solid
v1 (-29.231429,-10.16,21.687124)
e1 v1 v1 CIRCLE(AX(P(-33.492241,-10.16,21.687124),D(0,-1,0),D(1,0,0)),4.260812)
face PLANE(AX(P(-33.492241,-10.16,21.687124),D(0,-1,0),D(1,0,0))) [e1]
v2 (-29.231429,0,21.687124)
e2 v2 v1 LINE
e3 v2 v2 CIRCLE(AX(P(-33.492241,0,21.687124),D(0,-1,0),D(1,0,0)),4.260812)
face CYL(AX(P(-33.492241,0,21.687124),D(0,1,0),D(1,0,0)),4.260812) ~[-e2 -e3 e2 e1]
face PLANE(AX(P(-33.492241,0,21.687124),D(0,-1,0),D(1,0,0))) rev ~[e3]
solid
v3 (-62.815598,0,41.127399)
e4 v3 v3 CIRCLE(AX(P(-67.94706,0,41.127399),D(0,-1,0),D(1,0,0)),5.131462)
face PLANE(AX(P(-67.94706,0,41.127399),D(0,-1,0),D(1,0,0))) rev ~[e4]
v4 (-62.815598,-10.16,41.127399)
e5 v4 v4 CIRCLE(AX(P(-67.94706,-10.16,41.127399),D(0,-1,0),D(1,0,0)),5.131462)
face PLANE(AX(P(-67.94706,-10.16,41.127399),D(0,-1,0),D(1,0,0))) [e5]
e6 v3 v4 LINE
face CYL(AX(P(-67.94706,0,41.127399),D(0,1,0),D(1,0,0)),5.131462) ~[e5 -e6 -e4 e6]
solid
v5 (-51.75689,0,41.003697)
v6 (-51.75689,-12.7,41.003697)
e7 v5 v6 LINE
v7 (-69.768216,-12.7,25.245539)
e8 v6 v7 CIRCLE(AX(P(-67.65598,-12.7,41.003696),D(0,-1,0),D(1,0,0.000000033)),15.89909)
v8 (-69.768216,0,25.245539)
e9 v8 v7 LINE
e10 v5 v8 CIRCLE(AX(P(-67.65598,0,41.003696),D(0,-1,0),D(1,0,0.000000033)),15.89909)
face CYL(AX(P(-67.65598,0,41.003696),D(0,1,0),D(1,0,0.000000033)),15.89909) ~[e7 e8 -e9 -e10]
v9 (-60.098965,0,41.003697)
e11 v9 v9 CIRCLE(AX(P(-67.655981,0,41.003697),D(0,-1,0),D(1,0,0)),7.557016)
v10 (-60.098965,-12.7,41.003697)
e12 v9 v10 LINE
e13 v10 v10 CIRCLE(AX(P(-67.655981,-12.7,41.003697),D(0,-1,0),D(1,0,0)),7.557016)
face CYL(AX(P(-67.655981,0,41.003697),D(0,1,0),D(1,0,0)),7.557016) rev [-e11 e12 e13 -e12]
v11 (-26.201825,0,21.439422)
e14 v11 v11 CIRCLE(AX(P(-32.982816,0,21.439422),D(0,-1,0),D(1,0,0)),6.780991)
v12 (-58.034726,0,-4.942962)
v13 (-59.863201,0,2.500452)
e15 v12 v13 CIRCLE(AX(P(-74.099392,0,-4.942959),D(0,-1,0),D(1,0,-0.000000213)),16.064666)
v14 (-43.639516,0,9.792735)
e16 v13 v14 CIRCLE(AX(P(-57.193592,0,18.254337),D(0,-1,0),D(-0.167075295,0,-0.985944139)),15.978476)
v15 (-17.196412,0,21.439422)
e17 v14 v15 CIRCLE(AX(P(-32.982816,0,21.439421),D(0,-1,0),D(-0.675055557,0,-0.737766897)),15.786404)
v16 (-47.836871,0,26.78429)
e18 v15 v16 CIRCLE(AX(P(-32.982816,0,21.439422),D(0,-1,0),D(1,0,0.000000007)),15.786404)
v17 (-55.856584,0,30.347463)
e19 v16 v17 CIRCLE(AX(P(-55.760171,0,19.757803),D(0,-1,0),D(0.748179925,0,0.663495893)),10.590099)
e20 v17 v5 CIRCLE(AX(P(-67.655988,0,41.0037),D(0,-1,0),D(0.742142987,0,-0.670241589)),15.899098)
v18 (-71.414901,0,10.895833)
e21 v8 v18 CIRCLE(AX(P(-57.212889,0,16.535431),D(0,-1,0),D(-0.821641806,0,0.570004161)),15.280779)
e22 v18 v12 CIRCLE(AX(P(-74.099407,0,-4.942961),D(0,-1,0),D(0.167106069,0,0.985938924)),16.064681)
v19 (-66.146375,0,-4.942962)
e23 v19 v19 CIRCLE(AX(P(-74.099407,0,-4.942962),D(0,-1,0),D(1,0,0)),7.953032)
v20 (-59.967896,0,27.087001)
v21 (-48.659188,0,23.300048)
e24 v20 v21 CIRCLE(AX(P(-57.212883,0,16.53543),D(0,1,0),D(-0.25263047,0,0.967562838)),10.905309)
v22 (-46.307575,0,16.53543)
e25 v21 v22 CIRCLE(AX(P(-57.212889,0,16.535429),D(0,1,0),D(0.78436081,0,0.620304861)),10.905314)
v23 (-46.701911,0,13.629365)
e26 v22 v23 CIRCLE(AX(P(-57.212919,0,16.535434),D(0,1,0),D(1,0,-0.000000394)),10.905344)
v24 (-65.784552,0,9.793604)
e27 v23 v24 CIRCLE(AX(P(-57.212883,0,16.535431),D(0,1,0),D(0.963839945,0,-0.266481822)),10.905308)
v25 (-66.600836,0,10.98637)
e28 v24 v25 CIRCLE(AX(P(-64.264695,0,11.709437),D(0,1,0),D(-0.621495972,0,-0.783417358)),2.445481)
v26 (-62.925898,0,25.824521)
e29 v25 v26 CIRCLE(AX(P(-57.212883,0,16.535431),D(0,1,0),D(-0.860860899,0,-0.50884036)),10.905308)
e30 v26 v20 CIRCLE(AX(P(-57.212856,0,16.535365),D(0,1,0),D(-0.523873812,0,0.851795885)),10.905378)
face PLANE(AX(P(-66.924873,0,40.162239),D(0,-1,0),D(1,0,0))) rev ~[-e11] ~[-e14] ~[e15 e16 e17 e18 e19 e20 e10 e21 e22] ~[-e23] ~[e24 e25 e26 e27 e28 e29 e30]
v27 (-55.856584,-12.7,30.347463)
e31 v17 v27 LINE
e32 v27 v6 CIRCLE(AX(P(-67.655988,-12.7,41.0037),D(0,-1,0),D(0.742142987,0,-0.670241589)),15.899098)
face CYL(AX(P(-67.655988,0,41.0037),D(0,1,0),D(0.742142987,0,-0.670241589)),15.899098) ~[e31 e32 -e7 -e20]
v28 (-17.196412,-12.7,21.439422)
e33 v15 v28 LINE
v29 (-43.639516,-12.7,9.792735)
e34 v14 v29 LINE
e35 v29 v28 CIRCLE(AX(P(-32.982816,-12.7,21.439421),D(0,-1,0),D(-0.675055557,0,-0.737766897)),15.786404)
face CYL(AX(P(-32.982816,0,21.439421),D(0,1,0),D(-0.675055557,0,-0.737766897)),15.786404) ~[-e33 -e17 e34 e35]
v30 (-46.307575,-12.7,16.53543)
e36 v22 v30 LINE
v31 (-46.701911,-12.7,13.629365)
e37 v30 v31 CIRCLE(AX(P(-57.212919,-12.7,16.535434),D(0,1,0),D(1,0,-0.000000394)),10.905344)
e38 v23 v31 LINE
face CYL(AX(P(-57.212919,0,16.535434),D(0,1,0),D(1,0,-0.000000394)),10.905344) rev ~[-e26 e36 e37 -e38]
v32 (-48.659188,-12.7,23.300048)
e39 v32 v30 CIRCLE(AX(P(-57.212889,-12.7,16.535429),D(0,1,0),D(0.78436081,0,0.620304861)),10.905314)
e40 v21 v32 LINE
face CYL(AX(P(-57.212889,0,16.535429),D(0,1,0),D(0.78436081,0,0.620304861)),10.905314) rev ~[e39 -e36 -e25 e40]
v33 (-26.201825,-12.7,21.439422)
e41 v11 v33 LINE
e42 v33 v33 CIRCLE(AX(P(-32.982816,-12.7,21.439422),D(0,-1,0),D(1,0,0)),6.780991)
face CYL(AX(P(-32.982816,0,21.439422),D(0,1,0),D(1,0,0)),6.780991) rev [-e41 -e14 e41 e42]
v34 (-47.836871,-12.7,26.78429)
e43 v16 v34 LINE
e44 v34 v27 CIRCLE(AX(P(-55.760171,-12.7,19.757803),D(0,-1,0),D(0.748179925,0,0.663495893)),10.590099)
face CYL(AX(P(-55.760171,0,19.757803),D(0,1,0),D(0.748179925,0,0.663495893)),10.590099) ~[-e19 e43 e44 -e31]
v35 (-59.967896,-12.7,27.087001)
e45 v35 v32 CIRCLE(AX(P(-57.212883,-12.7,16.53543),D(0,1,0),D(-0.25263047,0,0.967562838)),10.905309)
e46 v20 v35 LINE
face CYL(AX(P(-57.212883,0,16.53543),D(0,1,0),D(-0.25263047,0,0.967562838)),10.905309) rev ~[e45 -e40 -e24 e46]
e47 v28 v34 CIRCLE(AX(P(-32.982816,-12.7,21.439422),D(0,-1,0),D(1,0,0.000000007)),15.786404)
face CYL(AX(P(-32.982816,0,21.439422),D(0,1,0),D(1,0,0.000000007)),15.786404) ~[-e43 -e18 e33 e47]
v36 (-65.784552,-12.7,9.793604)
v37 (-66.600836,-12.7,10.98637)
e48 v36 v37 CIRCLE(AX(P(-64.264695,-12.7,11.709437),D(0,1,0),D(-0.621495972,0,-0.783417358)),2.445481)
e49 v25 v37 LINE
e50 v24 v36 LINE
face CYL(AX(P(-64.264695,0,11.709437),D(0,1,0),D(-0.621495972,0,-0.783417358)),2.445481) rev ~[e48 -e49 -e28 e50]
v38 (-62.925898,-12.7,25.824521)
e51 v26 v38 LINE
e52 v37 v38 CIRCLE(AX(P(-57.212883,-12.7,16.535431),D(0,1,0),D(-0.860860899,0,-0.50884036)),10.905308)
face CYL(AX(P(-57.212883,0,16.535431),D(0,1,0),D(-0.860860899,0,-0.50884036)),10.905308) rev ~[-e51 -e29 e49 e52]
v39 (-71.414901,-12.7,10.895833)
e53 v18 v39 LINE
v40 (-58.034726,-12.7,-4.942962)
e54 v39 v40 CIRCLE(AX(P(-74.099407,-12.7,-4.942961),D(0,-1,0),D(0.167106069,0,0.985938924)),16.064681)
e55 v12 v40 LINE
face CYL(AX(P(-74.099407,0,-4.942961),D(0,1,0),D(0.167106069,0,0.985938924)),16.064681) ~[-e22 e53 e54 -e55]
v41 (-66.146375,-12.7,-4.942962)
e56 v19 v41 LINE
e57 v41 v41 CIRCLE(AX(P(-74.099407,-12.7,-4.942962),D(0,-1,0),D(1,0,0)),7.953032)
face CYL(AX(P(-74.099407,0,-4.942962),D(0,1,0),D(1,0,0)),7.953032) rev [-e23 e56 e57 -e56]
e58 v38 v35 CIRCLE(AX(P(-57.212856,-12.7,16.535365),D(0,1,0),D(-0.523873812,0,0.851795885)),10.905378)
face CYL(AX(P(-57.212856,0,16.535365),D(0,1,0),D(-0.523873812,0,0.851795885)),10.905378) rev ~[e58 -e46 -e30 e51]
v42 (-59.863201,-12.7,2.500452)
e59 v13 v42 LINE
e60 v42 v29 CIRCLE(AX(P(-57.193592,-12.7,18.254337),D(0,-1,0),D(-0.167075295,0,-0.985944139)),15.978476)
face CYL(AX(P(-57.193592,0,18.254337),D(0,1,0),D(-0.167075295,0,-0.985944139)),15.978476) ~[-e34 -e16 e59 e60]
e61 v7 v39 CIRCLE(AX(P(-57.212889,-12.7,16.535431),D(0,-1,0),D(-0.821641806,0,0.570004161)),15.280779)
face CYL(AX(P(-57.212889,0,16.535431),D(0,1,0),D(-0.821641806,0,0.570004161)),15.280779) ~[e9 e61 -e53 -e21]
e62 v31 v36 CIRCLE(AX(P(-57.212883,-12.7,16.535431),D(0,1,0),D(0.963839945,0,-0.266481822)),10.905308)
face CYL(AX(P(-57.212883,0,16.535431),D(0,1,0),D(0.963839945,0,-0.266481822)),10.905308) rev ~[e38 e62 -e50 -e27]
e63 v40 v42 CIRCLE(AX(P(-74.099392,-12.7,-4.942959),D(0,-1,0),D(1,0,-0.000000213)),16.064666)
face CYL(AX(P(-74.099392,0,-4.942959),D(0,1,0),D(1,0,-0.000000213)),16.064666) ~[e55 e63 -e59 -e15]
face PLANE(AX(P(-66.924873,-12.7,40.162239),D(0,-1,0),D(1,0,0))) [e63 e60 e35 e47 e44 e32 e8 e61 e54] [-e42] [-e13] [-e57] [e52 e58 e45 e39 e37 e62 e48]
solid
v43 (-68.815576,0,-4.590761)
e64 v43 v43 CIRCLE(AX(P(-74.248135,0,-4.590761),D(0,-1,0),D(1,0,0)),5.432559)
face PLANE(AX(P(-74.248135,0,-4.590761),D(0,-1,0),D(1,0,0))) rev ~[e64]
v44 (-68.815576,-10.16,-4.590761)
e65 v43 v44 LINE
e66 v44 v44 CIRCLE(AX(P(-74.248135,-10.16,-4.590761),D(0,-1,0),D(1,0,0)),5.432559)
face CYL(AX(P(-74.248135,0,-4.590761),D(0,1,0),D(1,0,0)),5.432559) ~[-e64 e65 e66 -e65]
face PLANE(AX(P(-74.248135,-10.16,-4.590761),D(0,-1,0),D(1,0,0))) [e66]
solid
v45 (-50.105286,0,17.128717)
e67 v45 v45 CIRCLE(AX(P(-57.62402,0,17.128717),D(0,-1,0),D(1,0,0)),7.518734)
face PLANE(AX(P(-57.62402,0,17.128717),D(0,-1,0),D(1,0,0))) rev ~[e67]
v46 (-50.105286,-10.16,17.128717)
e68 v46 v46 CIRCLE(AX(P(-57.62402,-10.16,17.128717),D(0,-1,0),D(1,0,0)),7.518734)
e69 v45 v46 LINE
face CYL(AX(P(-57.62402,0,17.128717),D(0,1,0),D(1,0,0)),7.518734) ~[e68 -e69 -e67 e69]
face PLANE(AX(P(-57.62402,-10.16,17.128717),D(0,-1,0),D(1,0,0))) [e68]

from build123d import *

# Parameters (mm, degrees)
F0_R     = 7.557016
F0_R_2   = 7.953032
F0_R_3   = 6.780991
F1_DEPTH = 12.7
F2_R     = 7.518734
F3_DEPTH = 10.16
F2_R_2   = 4.260812
F2_R_3   = 5.131462
F2_R_4   = 5.432559
F4_DEPTH = 10.16


with BuildPart() as f1:
    # F0 (on Front) → F1 (new body)
    with BuildSketch(Plane.XZ):
        with BuildLine():
            ThreePointArc((-55.856584, 30.347463), (-52.817168, 35.29487), (-51.75689, 41.003697))
            ThreePointArc((-51.75689, 41.003697), (-78.124945, 52.969558), (-69.768216, 25.245539))
            ThreePointArc((-69.768216, 25.245539), (-66.315426, 25.161223), (-62.925898, 25.824521))
            ThreePointArc((-62.925898, 25.824521), (-61.493693, 26.565405), (-59.967896, 27.087001))
            ThreePointArc((-59.967896, 27.087001), (-57.776804, 28.546452), (-55.856584, 30.347463))
        make_face()
        with Locations((-67.655981, 41.003697)):
            Circle(F0_R, mode=Mode.SUBTRACT)
        with BuildLine():
            ThreePointArc((-62.925898, 25.824521), (-66.315426, 25.161223), (-69.768216, 25.245539))
            ThreePointArc((-69.768216, 25.245539), (-72.394039, 18.277527), (-71.414901, 10.895833))
            ThreePointArc((-71.414901, 10.895833), (-64.654926, 8.052259), (-59.863201, 2.500452))
            ThreePointArc((-59.863201, 2.500452), (-50.642847, 3.680407), (-43.639516, 9.792735))
            ThreePointArc((-43.639516, 9.792735), (-45.320757, 11.591286), (-46.701911, 13.629365))
            ThreePointArc((-46.701911, 13.629365), (-55.063816, 5.843974), (-65.784552, 9.793604))
            ThreePointArc((-65.784552, 9.793604), (-66.282826, 10.328304), (-66.600836, 10.98637))
            ThreePointArc((-66.600836, 10.98637), (-67.798368, 19.157118), (-62.925898, 25.824521))
        make_face()
        with BuildLine():
            ThreePointArc((-47.836871, 26.78429), (-51.460277, 29.43567), (-55.856584, 30.347463))
            ThreePointArc((-55.856584, 30.347463), (-57.776804, 28.546452), (-59.967896, 27.087001))
            ThreePointArc((-59.967896, 27.087001), (-53.750018, 26.876335), (-48.659188, 23.300048))
            ThreePointArc((-48.659188, 23.300048), (-48.347117, 25.065554), (-47.836871, 26.78429))
        make_face()
        with BuildLine():
            ThreePointArc((-59.863201, 2.500452), (-64.654926, 8.052259), (-71.414901, 10.895833))
            ThreePointArc((-71.414901, 10.895833), (-86.371319, -15.309934), (-58.034726, -4.942962))
            ThreePointArc((-58.034726, -4.942962), (-58.49854, -1.110608), (-59.863201, 2.500452))
        make_face()
        with Locations((-74.099407, -4.942962)):
            Circle(F0_R_2, mode=Mode.SUBTRACT)
        with BuildLine():
            ThreePointArc((-17.196412, 21.439422), (-30.270027, 36.990992), (-47.836871, 26.78429))
            ThreePointArc((-47.836871, 26.78429), (-48.347117, 25.065554), (-48.659188, 23.300048))
            ThreePointArc((-48.659188, 23.300048), (-46.912242, 20.116287), (-46.307575, 16.53543))
            ThreePointArc((-46.307575, 16.53543), (-46.406609, 15.069081), (-46.701911, 13.629365))
            ThreePointArc((-46.701911, 13.629365), (-45.320757, 11.591286), (-43.639516, 9.792735))
            ThreePointArc((-43.639516, 9.792735), (-26.619657, 6.99225), (-17.196412, 21.439422))
        make_face()
        with Locations((-32.982816, 21.439422)):
            Circle(F0_R_3, mode=Mode.SUBTRACT)
    extrude(amount=F1_DEPTH)


with BuildPart() as f3:
    # F2 (on Front) → F3 (new body)
    with BuildSketch(Plane.XZ):
        with Locations((-57.62402, 17.128717)):
            Circle(F2_R)
    extrude(amount=F3_DEPTH)

    # F2 (on Front) → F4 (join)
    with BuildSketch(Plane.XZ):
        with Locations((-57.62402, 17.128717)):
            Circle(F2_R)
        with Locations((-33.492241, 21.687124)):
            Circle(F2_R_2)
        with Locations((-67.94706, 41.127399)):
            Circle(F2_R_3)
        with Locations((-74.248135, -4.590761)):
            Circle(F2_R_4)
    extrude(amount=F4_DEPTH)


solid = Compound([f1.part, f3.part])
